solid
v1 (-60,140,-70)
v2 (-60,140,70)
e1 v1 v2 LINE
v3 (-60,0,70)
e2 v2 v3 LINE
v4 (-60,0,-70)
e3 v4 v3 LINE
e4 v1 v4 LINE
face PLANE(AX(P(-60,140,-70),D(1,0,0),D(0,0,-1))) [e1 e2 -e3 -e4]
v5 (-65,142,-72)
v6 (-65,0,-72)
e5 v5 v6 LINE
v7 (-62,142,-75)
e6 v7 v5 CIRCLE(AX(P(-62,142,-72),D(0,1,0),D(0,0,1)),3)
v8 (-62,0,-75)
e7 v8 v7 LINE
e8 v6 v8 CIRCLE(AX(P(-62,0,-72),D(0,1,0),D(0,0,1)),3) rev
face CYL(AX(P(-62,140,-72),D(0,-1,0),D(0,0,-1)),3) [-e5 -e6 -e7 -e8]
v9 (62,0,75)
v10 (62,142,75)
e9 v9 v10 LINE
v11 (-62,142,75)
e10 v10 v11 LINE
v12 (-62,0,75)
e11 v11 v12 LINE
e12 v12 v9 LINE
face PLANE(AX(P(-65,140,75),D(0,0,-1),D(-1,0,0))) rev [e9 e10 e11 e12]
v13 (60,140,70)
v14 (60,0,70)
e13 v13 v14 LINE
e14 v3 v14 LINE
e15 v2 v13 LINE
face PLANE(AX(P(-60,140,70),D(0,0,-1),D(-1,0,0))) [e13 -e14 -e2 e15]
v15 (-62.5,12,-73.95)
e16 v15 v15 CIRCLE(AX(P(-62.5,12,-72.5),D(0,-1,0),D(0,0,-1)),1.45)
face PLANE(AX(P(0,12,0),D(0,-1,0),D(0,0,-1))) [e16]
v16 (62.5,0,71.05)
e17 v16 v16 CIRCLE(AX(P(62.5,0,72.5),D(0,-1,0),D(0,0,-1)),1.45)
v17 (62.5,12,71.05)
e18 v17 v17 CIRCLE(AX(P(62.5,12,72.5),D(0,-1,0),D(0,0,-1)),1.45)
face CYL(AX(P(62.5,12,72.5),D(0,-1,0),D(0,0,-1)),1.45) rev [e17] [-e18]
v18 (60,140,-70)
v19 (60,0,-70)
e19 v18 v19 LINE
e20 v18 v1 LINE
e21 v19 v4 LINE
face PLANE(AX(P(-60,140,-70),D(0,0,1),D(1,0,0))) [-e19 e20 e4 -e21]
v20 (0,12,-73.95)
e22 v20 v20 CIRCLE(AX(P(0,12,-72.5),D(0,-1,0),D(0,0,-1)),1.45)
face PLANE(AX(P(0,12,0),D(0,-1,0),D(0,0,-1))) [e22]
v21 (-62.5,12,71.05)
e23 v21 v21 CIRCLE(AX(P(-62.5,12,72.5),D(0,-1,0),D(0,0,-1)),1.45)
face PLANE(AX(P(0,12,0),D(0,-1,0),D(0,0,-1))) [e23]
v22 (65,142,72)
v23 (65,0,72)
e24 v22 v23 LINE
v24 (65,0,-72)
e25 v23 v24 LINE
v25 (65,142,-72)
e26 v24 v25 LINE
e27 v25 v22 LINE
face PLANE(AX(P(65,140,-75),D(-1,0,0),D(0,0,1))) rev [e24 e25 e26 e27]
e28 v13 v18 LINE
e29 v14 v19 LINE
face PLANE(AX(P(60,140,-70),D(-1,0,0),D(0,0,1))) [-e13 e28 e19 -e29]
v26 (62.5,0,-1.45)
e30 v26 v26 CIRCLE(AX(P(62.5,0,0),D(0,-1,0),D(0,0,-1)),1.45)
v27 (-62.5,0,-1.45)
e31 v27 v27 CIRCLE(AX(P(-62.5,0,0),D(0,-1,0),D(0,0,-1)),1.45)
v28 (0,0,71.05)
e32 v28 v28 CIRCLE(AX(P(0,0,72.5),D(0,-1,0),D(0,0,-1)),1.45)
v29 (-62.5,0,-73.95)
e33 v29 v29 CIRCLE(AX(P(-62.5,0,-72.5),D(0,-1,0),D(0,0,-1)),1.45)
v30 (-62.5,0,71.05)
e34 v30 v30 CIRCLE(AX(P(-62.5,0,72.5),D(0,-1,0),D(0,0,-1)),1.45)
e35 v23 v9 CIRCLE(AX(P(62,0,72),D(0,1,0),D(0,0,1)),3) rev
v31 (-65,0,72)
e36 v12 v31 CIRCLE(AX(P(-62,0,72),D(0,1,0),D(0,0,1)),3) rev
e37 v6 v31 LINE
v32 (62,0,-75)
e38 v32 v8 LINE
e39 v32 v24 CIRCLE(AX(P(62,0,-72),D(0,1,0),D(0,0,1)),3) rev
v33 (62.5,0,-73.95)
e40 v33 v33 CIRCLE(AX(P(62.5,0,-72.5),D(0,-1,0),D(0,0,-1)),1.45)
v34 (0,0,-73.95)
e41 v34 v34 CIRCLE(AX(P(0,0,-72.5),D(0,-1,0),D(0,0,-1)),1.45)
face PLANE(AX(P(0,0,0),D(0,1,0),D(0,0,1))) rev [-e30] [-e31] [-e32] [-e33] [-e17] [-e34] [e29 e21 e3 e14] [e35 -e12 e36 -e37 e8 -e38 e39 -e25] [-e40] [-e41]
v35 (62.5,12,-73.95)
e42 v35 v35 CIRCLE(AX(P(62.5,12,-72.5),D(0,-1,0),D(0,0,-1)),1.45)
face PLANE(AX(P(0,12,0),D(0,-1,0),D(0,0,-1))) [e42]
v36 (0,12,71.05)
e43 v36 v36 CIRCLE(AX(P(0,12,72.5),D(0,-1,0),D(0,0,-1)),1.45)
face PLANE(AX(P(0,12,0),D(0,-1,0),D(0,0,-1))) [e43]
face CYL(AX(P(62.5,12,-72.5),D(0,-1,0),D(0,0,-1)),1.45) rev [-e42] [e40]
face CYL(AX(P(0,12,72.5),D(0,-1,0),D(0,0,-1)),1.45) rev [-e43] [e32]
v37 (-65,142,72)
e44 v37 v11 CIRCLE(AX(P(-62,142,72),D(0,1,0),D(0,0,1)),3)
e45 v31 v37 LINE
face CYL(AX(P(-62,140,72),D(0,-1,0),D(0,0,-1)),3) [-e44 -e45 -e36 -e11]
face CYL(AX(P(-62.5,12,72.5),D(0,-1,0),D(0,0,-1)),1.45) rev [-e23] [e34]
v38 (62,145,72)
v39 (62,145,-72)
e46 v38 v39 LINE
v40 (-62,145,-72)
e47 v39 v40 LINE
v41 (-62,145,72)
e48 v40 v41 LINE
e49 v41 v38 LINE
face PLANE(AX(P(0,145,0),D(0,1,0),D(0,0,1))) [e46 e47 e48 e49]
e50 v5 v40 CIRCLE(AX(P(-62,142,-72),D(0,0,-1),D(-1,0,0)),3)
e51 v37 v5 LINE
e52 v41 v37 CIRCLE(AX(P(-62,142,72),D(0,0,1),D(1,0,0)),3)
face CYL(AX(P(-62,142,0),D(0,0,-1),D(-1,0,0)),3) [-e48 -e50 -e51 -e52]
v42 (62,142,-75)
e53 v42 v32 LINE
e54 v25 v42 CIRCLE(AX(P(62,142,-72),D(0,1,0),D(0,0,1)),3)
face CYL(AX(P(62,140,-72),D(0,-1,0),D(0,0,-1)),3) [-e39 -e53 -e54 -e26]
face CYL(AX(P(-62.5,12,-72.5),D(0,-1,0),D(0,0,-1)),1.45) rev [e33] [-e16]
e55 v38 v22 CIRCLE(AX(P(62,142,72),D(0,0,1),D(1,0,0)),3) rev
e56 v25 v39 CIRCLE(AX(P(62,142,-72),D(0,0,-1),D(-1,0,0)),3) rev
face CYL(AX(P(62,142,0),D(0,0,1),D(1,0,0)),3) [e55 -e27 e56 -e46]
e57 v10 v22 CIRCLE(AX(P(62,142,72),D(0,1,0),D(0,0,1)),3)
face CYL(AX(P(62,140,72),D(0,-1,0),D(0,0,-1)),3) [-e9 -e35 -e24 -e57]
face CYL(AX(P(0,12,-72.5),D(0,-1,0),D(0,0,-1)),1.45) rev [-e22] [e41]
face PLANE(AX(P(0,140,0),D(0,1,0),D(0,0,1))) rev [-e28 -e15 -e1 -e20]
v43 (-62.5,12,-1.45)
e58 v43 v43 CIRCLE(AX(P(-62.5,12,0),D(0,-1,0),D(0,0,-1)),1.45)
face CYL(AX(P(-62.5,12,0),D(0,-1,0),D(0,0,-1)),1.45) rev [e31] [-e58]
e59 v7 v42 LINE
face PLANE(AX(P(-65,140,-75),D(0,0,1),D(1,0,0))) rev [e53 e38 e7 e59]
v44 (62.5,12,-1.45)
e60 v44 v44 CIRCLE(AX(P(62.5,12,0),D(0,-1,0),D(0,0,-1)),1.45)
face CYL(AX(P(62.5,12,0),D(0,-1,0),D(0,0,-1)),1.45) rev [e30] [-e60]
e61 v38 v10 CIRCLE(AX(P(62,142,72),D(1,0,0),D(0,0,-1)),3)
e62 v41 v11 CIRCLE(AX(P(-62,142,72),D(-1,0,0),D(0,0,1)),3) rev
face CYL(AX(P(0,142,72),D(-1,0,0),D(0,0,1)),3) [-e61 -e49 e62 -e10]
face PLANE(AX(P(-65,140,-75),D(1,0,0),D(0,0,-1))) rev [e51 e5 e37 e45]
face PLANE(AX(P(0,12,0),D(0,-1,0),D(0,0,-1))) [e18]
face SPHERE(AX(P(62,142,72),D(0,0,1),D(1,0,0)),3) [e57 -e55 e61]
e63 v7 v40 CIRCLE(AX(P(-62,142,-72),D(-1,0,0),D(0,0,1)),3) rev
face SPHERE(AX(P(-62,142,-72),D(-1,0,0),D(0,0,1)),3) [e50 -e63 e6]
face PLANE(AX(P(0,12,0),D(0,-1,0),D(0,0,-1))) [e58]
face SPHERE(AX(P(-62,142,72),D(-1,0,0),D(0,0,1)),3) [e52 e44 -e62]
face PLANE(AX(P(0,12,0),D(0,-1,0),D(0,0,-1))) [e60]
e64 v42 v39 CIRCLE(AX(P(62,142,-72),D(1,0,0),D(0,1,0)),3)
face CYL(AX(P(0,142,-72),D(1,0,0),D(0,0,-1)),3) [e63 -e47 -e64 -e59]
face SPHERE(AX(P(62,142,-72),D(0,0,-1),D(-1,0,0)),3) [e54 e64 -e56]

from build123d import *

# Parameters (mm, degrees)
SKETCH1_W           = 130
SKETCH1_H           = 150
SKETCH1_W_2         = 120
SKETCH1_H_2         = 140
BOSS_EXTRUDE1_DEPTH = 140
SKETCH2_W           = 130
SKETCH2_H           = 150
BOSS_EXTRUDE2_DEPTH = 5
CUT_EXTRUDE1_DEPTH  = 12
FILLET1_R           = 3


with BuildPart() as part:
    # Sketch1 → Boss-Extrude1 (new body)
    with BuildSketch(Plane(origin=(0, 0, 0), x_dir=(1, 0, 0), z_dir=(0, 1, 0))):
        Rectangle(SKETCH1_W, SKETCH1_H)
        Rectangle(SKETCH1_W_2, SKETCH1_H_2, mode=Mode.SUBTRACT)
    extrude(amount=BOSS_EXTRUDE1_DEPTH)

    # Sketch2 → Boss-Extrude2 (add)
    with BuildSketch(Plane(origin=(0, 140, 0), x_dir=(1, 0, 0), z_dir=(0, 1, 0))):
        Rectangle(SKETCH2_W, SKETCH2_H)
    extrude(amount=BOSS_EXTRUDE2_DEPTH)

    # Sketch3 → Cut-Extrude1 (cut)
    with BuildSketch(Plane.XZ):
        with BuildLine():
            ThreePointArc((1.45, -72.5), (0, -71.05), (-1.45, -72.5))
            Line((-1.45, -72.5), (1.45, -72.5))
        make_face()
        with BuildLine():
            Line((1.45, -72.5), (-1.45, -72.5))
            ThreePointArc((-1.45, -72.5), (0, -73.95), (1.45, -72.5))
        make_face()
        with BuildLine():
            ThreePointArc((63.95, -72.5), (63.525304833, -71.474695167), (62.5, -71.05))
            Line((62.5, -71.05), (62.5, -72.5))
            Line((62.5, -72.5), (61.05, -72.5))
            ThreePointArc((61.05, -72.5), (62.5, -73.95), (63.95, -72.5))
        make_face()
        with BuildLine():
            Line((62.5, -72.5), (62.5, -71.05))
            ThreePointArc((62.5, -71.05), (61.474695167, -71.474695167), (61.05, -72.5))
            Line((61.05, -72.5), (62.5, -72.5))
        make_face()
        with BuildLine():
            ThreePointArc((63.95, 0), (63.525304833, 1.025304833), (62.5, 1.45))
            Line((62.5, 1.45), (62.5, -1.45))
            ThreePointArc((62.5, -1.45), (63.525304833, -1.025304833), (63.95, 0))
        make_face()
        with BuildLine():
            Line((62.5, -1.45), (62.5, 1.45))
            ThreePointArc((62.5, 1.45), (61.05, 0), (62.5, -1.45))
        make_face()
        with BuildLine():
            ThreePointArc((63.95, 72.5), (62.5, 73.95), (61.05, 72.5))
            Line((61.05, 72.5), (62.5, 72.5))
            Line((62.5, 72.5), (62.5, 71.05))
            ThreePointArc((62.5, 71.05), (63.525304833, 71.474695167), (63.95, 72.5))
        make_face()
        with BuildLine():
            Line((62.5, 72.5), (61.05, 72.5))
            ThreePointArc((61.05, 72.5), (61.474695167, 71.474695167), (62.5, 71.05))
            Line((62.5, 71.05), (62.5, 72.5))
        make_face()
        with BuildLine():
            ThreePointArc((1.45, 72.5), (0, 73.95), (-1.45, 72.5))
            Line((-1.45, 72.5), (1.45, 72.5))
        make_face()
        with BuildLine():
            Line((1.45, 72.5), (-1.45, 72.5))
            ThreePointArc((-1.45, 72.5), (0, 71.05), (1.45, 72.5))
        make_face()
        with BuildLine():
            Line((-62.5, 71.05), (-62.5, 72.5))
            Line((-62.5, 72.5), (-61.05, 72.5))
            ThreePointArc((-61.05, 72.5), (-63.525304833, 73.525304833), (-62.5, 71.05))
        make_face()
        with BuildLine():
            Line((-61.05, 72.5), (-62.5, 72.5))
            Line((-62.5, 72.5), (-62.5, 71.05))
            ThreePointArc((-62.5, 71.05), (-61.474695167, 71.474695167), (-61.05, 72.5))
        make_face()
        with BuildLine():
            ThreePointArc((-61.05, 0), (-61.474695167, 1.025304833), (-62.5, 1.45))
            Line((-62.5, 1.45), (-62.5, -1.45))
            ThreePointArc((-62.5, -1.45), (-61.474695167, -1.025304833), (-61.05, 0))
        make_face()
        with BuildLine():
            Line((-62.5, -1.45), (-62.5, 1.45))
            ThreePointArc((-62.5, 1.45), (-63.95, 0), (-62.5, -1.45))
        make_face()
        with BuildLine():
            ThreePointArc((-61.05, -72.5), (-61.474695167, -71.474695167), (-62.5, -71.05))
            Line((-62.5, -71.05), (-62.5, -72.5))
            Line((-62.5, -72.5), (-61.05, -72.5))
        make_face()
        with BuildLine():
            Line((-62.5, -72.5), (-62.5, -71.05))
            ThreePointArc((-62.5, -71.05), (-63.525304833, -73.525304833), (-61.05, -72.5))
            Line((-61.05, -72.5), (-62.5, -72.5))
        make_face()
    extrude(amount=-CUT_EXTRUDE1_DEPTH, mode=Mode.SUBTRACT)

    # Fillet1
    fillet1_edges = [part.edges().sort_by_distance(p)[0] for p in [
        (0, 145, -75),
        (-65, 145, 0),
        (0, 145, 75),
        (65, 145, 0),
        (-65, 72.5, -75),
        (65, 72.5, -75),
        (65, 72.5, 75),
        (-65, 72.5, 75),
    ]]
    fillet(fillet1_edges, radius=FILLET1_R)


solid = part.part
